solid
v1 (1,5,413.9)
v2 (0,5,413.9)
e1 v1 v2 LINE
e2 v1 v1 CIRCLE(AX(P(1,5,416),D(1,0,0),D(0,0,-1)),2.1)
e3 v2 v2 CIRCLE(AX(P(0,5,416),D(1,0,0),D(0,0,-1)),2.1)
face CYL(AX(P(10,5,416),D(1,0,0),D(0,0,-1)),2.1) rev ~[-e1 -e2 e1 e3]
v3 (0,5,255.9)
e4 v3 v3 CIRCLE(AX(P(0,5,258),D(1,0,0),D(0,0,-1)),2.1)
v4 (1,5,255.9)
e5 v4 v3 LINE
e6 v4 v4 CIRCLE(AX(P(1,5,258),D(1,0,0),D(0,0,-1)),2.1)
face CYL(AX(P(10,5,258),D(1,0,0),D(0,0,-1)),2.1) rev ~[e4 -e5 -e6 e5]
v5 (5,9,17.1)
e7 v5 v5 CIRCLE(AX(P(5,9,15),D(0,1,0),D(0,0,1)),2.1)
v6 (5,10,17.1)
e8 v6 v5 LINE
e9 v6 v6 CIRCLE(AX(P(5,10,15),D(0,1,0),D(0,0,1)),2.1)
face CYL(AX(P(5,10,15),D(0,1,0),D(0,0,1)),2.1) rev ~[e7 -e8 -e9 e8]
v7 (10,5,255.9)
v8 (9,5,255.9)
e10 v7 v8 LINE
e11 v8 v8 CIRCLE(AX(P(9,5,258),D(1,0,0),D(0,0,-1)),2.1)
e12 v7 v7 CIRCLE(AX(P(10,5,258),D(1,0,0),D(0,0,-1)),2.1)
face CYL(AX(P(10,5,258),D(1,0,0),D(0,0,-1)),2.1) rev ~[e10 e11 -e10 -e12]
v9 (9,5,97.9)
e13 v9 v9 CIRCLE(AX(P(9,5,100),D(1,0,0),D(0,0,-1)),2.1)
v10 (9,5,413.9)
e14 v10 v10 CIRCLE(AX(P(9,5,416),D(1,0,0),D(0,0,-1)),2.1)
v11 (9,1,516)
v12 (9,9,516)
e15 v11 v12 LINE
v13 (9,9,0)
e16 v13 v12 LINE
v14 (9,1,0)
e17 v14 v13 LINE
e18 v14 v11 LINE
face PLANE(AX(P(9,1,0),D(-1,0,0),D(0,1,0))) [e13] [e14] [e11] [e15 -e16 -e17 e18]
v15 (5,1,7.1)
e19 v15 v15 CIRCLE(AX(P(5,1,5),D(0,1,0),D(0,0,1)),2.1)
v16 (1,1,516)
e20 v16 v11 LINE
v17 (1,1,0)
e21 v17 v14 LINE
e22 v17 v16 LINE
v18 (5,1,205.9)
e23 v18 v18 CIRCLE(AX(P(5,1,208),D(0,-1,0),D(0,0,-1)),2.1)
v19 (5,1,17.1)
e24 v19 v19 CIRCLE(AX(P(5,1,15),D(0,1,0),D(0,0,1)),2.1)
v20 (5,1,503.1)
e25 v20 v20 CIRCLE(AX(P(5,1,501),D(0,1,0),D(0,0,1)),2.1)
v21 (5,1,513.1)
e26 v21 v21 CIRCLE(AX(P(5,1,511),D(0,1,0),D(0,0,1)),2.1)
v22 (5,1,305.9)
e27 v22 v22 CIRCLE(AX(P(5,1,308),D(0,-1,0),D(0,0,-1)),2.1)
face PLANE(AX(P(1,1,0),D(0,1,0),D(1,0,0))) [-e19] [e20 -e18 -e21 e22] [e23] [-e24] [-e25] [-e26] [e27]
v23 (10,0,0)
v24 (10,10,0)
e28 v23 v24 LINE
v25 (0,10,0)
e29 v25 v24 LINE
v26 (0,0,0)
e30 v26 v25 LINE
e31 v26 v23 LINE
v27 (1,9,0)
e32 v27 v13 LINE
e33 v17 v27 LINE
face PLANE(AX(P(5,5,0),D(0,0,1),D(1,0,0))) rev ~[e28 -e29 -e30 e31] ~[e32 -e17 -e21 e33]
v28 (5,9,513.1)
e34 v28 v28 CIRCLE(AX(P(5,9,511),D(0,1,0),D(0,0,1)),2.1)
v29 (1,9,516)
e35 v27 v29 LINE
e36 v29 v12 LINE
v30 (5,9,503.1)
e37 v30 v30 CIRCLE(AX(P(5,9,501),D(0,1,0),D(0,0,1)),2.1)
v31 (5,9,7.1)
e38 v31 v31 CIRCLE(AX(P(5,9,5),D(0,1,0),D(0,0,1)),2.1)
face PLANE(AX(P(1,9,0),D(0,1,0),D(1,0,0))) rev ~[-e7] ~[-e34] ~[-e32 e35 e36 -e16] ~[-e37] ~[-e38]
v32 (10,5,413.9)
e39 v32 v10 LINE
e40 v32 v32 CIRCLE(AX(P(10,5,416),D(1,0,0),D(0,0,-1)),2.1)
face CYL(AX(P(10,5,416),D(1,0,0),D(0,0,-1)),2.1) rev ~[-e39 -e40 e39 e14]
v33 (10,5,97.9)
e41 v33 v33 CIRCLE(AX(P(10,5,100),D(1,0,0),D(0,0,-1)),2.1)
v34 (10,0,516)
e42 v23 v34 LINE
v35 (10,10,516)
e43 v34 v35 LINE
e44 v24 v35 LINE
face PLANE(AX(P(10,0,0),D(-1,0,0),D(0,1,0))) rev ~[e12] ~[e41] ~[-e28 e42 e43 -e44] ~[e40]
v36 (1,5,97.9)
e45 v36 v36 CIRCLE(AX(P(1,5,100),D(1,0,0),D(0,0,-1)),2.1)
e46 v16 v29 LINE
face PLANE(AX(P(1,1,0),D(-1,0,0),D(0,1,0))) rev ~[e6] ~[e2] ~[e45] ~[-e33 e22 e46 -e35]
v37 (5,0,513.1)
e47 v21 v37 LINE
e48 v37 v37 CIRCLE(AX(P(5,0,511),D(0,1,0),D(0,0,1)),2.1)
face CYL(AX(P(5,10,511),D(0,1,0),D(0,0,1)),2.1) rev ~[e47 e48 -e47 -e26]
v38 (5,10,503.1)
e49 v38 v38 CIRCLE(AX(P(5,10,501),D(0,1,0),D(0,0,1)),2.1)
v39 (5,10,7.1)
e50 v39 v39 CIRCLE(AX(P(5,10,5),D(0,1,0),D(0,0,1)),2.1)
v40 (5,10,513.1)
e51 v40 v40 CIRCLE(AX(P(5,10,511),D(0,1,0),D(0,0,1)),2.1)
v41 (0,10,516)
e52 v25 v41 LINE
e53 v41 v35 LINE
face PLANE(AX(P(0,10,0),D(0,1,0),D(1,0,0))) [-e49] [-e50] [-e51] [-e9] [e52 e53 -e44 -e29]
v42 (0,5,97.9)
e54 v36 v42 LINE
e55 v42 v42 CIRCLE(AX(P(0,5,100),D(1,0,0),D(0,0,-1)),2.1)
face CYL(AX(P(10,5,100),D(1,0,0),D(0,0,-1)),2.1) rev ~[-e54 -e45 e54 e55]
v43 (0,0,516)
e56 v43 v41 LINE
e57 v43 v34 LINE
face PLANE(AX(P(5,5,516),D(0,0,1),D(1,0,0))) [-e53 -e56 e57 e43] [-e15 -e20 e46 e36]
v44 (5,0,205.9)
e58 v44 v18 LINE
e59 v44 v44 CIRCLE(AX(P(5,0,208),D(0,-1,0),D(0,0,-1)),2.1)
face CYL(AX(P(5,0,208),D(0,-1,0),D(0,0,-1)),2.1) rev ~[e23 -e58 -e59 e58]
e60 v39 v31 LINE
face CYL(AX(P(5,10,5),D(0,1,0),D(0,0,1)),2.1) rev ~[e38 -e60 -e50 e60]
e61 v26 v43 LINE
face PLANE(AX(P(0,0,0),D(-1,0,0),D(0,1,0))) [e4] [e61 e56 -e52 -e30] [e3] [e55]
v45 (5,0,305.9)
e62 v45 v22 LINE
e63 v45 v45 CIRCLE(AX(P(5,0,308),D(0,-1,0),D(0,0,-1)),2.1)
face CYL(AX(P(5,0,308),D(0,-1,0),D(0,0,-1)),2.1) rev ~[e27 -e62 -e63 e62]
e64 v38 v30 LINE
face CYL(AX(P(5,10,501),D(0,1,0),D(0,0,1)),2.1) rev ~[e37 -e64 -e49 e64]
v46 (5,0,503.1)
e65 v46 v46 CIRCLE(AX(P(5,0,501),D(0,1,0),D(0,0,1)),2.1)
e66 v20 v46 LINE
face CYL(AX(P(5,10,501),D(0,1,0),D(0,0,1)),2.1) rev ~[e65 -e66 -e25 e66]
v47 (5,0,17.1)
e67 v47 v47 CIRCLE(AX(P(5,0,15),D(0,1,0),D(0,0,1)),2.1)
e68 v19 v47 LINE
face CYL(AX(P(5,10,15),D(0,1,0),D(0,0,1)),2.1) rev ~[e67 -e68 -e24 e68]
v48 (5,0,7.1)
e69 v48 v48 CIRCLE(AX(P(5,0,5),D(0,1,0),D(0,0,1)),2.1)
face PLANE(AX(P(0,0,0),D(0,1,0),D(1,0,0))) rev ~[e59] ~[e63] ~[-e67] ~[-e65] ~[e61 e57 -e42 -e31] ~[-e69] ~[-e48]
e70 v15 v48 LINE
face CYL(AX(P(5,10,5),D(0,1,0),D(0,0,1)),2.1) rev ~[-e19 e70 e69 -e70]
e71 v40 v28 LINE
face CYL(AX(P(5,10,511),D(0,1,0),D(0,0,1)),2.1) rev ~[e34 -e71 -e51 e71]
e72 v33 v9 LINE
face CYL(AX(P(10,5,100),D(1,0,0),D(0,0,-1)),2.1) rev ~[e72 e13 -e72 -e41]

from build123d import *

# Parameters (mm, degrees)
SKETCH1_W           = 10
SKETCH1_H           = 10
SKETCH1_W_2         = 8
SKETCH1_H_2         = 8
BOSS_EXTRUDE1_DEPTH = 516
SKETCH2_R           = 2.1
CUT_EXTRUDE1_DEPTH  = 116
SKETCH3_R           = 2.1
CUT_EXTRUDE2_DEPTH  = 5
SKETCH4_R           = 2.1
CUT_EXTRUDE3_DEPTH  = 10


with BuildPart() as part:
    # Sketch1 → Boss-Extrude1 (new body)
    with BuildSketch(Plane.XY):
        with Locations((5, 5)):
            Rectangle(SKETCH1_W, SKETCH1_H)
        with Locations((5, 5)):
            Rectangle(SKETCH1_W_2, SKETCH1_H_2, mode=Mode.SUBTRACT)
    extrude(amount=BOSS_EXTRUDE1_DEPTH)

    # Sketch2 → Cut-Extrude1 (cut)
    with BuildSketch(Plane(origin=(0, 10, 0), x_dir=(1, 0, 0), z_dir=(0, 1, 0))):
        with Locations(Location((5, -5, 0), (0, 0, 270))):
            Circle(SKETCH2_R)
        with Locations(Location((5, -15, 0), (0, 0, 270))):
            Circle(SKETCH2_R)
        with Locations(Location((5, -501, 0), (0, 0, 270))):
            Circle(SKETCH2_R)
        with Locations(Location((5, -511, 0), (0, 0, 270))):
            Circle(SKETCH2_R)
    extrude(amount=-CUT_EXTRUDE1_DEPTH, mode=Mode.SUBTRACT)

    # Sketch3 → Cut-Extrude2 (cut)
    with BuildSketch(Plane.XZ):
        with Locations(Location((5, 308, 0), (0, 0, 270))):
            Circle(SKETCH3_R)
        with Locations(Location((5, 208, 0), (0, 0, 270))):
            Circle(SKETCH3_R)
    extrude(amount=-CUT_EXTRUDE2_DEPTH, mode=Mode.SUBTRACT)

    # Sketch4 → Cut-Extrude3 (cut)
    with BuildSketch(Plane(origin=(10, 0, 0), x_dir=(0, 0, -1), z_dir=(1, 0, 0))):
        with Locations((-416, 5)):
            Circle(SKETCH4_R)
        with Locations((-100, 5)):
            Circle(SKETCH4_R)
        with Locations((-258, 5)):
            Circle(SKETCH4_R)
    extrude(amount=-CUT_EXTRUDE3_DEPTH, mode=Mode.SUBTRACT)


solid = part.part
